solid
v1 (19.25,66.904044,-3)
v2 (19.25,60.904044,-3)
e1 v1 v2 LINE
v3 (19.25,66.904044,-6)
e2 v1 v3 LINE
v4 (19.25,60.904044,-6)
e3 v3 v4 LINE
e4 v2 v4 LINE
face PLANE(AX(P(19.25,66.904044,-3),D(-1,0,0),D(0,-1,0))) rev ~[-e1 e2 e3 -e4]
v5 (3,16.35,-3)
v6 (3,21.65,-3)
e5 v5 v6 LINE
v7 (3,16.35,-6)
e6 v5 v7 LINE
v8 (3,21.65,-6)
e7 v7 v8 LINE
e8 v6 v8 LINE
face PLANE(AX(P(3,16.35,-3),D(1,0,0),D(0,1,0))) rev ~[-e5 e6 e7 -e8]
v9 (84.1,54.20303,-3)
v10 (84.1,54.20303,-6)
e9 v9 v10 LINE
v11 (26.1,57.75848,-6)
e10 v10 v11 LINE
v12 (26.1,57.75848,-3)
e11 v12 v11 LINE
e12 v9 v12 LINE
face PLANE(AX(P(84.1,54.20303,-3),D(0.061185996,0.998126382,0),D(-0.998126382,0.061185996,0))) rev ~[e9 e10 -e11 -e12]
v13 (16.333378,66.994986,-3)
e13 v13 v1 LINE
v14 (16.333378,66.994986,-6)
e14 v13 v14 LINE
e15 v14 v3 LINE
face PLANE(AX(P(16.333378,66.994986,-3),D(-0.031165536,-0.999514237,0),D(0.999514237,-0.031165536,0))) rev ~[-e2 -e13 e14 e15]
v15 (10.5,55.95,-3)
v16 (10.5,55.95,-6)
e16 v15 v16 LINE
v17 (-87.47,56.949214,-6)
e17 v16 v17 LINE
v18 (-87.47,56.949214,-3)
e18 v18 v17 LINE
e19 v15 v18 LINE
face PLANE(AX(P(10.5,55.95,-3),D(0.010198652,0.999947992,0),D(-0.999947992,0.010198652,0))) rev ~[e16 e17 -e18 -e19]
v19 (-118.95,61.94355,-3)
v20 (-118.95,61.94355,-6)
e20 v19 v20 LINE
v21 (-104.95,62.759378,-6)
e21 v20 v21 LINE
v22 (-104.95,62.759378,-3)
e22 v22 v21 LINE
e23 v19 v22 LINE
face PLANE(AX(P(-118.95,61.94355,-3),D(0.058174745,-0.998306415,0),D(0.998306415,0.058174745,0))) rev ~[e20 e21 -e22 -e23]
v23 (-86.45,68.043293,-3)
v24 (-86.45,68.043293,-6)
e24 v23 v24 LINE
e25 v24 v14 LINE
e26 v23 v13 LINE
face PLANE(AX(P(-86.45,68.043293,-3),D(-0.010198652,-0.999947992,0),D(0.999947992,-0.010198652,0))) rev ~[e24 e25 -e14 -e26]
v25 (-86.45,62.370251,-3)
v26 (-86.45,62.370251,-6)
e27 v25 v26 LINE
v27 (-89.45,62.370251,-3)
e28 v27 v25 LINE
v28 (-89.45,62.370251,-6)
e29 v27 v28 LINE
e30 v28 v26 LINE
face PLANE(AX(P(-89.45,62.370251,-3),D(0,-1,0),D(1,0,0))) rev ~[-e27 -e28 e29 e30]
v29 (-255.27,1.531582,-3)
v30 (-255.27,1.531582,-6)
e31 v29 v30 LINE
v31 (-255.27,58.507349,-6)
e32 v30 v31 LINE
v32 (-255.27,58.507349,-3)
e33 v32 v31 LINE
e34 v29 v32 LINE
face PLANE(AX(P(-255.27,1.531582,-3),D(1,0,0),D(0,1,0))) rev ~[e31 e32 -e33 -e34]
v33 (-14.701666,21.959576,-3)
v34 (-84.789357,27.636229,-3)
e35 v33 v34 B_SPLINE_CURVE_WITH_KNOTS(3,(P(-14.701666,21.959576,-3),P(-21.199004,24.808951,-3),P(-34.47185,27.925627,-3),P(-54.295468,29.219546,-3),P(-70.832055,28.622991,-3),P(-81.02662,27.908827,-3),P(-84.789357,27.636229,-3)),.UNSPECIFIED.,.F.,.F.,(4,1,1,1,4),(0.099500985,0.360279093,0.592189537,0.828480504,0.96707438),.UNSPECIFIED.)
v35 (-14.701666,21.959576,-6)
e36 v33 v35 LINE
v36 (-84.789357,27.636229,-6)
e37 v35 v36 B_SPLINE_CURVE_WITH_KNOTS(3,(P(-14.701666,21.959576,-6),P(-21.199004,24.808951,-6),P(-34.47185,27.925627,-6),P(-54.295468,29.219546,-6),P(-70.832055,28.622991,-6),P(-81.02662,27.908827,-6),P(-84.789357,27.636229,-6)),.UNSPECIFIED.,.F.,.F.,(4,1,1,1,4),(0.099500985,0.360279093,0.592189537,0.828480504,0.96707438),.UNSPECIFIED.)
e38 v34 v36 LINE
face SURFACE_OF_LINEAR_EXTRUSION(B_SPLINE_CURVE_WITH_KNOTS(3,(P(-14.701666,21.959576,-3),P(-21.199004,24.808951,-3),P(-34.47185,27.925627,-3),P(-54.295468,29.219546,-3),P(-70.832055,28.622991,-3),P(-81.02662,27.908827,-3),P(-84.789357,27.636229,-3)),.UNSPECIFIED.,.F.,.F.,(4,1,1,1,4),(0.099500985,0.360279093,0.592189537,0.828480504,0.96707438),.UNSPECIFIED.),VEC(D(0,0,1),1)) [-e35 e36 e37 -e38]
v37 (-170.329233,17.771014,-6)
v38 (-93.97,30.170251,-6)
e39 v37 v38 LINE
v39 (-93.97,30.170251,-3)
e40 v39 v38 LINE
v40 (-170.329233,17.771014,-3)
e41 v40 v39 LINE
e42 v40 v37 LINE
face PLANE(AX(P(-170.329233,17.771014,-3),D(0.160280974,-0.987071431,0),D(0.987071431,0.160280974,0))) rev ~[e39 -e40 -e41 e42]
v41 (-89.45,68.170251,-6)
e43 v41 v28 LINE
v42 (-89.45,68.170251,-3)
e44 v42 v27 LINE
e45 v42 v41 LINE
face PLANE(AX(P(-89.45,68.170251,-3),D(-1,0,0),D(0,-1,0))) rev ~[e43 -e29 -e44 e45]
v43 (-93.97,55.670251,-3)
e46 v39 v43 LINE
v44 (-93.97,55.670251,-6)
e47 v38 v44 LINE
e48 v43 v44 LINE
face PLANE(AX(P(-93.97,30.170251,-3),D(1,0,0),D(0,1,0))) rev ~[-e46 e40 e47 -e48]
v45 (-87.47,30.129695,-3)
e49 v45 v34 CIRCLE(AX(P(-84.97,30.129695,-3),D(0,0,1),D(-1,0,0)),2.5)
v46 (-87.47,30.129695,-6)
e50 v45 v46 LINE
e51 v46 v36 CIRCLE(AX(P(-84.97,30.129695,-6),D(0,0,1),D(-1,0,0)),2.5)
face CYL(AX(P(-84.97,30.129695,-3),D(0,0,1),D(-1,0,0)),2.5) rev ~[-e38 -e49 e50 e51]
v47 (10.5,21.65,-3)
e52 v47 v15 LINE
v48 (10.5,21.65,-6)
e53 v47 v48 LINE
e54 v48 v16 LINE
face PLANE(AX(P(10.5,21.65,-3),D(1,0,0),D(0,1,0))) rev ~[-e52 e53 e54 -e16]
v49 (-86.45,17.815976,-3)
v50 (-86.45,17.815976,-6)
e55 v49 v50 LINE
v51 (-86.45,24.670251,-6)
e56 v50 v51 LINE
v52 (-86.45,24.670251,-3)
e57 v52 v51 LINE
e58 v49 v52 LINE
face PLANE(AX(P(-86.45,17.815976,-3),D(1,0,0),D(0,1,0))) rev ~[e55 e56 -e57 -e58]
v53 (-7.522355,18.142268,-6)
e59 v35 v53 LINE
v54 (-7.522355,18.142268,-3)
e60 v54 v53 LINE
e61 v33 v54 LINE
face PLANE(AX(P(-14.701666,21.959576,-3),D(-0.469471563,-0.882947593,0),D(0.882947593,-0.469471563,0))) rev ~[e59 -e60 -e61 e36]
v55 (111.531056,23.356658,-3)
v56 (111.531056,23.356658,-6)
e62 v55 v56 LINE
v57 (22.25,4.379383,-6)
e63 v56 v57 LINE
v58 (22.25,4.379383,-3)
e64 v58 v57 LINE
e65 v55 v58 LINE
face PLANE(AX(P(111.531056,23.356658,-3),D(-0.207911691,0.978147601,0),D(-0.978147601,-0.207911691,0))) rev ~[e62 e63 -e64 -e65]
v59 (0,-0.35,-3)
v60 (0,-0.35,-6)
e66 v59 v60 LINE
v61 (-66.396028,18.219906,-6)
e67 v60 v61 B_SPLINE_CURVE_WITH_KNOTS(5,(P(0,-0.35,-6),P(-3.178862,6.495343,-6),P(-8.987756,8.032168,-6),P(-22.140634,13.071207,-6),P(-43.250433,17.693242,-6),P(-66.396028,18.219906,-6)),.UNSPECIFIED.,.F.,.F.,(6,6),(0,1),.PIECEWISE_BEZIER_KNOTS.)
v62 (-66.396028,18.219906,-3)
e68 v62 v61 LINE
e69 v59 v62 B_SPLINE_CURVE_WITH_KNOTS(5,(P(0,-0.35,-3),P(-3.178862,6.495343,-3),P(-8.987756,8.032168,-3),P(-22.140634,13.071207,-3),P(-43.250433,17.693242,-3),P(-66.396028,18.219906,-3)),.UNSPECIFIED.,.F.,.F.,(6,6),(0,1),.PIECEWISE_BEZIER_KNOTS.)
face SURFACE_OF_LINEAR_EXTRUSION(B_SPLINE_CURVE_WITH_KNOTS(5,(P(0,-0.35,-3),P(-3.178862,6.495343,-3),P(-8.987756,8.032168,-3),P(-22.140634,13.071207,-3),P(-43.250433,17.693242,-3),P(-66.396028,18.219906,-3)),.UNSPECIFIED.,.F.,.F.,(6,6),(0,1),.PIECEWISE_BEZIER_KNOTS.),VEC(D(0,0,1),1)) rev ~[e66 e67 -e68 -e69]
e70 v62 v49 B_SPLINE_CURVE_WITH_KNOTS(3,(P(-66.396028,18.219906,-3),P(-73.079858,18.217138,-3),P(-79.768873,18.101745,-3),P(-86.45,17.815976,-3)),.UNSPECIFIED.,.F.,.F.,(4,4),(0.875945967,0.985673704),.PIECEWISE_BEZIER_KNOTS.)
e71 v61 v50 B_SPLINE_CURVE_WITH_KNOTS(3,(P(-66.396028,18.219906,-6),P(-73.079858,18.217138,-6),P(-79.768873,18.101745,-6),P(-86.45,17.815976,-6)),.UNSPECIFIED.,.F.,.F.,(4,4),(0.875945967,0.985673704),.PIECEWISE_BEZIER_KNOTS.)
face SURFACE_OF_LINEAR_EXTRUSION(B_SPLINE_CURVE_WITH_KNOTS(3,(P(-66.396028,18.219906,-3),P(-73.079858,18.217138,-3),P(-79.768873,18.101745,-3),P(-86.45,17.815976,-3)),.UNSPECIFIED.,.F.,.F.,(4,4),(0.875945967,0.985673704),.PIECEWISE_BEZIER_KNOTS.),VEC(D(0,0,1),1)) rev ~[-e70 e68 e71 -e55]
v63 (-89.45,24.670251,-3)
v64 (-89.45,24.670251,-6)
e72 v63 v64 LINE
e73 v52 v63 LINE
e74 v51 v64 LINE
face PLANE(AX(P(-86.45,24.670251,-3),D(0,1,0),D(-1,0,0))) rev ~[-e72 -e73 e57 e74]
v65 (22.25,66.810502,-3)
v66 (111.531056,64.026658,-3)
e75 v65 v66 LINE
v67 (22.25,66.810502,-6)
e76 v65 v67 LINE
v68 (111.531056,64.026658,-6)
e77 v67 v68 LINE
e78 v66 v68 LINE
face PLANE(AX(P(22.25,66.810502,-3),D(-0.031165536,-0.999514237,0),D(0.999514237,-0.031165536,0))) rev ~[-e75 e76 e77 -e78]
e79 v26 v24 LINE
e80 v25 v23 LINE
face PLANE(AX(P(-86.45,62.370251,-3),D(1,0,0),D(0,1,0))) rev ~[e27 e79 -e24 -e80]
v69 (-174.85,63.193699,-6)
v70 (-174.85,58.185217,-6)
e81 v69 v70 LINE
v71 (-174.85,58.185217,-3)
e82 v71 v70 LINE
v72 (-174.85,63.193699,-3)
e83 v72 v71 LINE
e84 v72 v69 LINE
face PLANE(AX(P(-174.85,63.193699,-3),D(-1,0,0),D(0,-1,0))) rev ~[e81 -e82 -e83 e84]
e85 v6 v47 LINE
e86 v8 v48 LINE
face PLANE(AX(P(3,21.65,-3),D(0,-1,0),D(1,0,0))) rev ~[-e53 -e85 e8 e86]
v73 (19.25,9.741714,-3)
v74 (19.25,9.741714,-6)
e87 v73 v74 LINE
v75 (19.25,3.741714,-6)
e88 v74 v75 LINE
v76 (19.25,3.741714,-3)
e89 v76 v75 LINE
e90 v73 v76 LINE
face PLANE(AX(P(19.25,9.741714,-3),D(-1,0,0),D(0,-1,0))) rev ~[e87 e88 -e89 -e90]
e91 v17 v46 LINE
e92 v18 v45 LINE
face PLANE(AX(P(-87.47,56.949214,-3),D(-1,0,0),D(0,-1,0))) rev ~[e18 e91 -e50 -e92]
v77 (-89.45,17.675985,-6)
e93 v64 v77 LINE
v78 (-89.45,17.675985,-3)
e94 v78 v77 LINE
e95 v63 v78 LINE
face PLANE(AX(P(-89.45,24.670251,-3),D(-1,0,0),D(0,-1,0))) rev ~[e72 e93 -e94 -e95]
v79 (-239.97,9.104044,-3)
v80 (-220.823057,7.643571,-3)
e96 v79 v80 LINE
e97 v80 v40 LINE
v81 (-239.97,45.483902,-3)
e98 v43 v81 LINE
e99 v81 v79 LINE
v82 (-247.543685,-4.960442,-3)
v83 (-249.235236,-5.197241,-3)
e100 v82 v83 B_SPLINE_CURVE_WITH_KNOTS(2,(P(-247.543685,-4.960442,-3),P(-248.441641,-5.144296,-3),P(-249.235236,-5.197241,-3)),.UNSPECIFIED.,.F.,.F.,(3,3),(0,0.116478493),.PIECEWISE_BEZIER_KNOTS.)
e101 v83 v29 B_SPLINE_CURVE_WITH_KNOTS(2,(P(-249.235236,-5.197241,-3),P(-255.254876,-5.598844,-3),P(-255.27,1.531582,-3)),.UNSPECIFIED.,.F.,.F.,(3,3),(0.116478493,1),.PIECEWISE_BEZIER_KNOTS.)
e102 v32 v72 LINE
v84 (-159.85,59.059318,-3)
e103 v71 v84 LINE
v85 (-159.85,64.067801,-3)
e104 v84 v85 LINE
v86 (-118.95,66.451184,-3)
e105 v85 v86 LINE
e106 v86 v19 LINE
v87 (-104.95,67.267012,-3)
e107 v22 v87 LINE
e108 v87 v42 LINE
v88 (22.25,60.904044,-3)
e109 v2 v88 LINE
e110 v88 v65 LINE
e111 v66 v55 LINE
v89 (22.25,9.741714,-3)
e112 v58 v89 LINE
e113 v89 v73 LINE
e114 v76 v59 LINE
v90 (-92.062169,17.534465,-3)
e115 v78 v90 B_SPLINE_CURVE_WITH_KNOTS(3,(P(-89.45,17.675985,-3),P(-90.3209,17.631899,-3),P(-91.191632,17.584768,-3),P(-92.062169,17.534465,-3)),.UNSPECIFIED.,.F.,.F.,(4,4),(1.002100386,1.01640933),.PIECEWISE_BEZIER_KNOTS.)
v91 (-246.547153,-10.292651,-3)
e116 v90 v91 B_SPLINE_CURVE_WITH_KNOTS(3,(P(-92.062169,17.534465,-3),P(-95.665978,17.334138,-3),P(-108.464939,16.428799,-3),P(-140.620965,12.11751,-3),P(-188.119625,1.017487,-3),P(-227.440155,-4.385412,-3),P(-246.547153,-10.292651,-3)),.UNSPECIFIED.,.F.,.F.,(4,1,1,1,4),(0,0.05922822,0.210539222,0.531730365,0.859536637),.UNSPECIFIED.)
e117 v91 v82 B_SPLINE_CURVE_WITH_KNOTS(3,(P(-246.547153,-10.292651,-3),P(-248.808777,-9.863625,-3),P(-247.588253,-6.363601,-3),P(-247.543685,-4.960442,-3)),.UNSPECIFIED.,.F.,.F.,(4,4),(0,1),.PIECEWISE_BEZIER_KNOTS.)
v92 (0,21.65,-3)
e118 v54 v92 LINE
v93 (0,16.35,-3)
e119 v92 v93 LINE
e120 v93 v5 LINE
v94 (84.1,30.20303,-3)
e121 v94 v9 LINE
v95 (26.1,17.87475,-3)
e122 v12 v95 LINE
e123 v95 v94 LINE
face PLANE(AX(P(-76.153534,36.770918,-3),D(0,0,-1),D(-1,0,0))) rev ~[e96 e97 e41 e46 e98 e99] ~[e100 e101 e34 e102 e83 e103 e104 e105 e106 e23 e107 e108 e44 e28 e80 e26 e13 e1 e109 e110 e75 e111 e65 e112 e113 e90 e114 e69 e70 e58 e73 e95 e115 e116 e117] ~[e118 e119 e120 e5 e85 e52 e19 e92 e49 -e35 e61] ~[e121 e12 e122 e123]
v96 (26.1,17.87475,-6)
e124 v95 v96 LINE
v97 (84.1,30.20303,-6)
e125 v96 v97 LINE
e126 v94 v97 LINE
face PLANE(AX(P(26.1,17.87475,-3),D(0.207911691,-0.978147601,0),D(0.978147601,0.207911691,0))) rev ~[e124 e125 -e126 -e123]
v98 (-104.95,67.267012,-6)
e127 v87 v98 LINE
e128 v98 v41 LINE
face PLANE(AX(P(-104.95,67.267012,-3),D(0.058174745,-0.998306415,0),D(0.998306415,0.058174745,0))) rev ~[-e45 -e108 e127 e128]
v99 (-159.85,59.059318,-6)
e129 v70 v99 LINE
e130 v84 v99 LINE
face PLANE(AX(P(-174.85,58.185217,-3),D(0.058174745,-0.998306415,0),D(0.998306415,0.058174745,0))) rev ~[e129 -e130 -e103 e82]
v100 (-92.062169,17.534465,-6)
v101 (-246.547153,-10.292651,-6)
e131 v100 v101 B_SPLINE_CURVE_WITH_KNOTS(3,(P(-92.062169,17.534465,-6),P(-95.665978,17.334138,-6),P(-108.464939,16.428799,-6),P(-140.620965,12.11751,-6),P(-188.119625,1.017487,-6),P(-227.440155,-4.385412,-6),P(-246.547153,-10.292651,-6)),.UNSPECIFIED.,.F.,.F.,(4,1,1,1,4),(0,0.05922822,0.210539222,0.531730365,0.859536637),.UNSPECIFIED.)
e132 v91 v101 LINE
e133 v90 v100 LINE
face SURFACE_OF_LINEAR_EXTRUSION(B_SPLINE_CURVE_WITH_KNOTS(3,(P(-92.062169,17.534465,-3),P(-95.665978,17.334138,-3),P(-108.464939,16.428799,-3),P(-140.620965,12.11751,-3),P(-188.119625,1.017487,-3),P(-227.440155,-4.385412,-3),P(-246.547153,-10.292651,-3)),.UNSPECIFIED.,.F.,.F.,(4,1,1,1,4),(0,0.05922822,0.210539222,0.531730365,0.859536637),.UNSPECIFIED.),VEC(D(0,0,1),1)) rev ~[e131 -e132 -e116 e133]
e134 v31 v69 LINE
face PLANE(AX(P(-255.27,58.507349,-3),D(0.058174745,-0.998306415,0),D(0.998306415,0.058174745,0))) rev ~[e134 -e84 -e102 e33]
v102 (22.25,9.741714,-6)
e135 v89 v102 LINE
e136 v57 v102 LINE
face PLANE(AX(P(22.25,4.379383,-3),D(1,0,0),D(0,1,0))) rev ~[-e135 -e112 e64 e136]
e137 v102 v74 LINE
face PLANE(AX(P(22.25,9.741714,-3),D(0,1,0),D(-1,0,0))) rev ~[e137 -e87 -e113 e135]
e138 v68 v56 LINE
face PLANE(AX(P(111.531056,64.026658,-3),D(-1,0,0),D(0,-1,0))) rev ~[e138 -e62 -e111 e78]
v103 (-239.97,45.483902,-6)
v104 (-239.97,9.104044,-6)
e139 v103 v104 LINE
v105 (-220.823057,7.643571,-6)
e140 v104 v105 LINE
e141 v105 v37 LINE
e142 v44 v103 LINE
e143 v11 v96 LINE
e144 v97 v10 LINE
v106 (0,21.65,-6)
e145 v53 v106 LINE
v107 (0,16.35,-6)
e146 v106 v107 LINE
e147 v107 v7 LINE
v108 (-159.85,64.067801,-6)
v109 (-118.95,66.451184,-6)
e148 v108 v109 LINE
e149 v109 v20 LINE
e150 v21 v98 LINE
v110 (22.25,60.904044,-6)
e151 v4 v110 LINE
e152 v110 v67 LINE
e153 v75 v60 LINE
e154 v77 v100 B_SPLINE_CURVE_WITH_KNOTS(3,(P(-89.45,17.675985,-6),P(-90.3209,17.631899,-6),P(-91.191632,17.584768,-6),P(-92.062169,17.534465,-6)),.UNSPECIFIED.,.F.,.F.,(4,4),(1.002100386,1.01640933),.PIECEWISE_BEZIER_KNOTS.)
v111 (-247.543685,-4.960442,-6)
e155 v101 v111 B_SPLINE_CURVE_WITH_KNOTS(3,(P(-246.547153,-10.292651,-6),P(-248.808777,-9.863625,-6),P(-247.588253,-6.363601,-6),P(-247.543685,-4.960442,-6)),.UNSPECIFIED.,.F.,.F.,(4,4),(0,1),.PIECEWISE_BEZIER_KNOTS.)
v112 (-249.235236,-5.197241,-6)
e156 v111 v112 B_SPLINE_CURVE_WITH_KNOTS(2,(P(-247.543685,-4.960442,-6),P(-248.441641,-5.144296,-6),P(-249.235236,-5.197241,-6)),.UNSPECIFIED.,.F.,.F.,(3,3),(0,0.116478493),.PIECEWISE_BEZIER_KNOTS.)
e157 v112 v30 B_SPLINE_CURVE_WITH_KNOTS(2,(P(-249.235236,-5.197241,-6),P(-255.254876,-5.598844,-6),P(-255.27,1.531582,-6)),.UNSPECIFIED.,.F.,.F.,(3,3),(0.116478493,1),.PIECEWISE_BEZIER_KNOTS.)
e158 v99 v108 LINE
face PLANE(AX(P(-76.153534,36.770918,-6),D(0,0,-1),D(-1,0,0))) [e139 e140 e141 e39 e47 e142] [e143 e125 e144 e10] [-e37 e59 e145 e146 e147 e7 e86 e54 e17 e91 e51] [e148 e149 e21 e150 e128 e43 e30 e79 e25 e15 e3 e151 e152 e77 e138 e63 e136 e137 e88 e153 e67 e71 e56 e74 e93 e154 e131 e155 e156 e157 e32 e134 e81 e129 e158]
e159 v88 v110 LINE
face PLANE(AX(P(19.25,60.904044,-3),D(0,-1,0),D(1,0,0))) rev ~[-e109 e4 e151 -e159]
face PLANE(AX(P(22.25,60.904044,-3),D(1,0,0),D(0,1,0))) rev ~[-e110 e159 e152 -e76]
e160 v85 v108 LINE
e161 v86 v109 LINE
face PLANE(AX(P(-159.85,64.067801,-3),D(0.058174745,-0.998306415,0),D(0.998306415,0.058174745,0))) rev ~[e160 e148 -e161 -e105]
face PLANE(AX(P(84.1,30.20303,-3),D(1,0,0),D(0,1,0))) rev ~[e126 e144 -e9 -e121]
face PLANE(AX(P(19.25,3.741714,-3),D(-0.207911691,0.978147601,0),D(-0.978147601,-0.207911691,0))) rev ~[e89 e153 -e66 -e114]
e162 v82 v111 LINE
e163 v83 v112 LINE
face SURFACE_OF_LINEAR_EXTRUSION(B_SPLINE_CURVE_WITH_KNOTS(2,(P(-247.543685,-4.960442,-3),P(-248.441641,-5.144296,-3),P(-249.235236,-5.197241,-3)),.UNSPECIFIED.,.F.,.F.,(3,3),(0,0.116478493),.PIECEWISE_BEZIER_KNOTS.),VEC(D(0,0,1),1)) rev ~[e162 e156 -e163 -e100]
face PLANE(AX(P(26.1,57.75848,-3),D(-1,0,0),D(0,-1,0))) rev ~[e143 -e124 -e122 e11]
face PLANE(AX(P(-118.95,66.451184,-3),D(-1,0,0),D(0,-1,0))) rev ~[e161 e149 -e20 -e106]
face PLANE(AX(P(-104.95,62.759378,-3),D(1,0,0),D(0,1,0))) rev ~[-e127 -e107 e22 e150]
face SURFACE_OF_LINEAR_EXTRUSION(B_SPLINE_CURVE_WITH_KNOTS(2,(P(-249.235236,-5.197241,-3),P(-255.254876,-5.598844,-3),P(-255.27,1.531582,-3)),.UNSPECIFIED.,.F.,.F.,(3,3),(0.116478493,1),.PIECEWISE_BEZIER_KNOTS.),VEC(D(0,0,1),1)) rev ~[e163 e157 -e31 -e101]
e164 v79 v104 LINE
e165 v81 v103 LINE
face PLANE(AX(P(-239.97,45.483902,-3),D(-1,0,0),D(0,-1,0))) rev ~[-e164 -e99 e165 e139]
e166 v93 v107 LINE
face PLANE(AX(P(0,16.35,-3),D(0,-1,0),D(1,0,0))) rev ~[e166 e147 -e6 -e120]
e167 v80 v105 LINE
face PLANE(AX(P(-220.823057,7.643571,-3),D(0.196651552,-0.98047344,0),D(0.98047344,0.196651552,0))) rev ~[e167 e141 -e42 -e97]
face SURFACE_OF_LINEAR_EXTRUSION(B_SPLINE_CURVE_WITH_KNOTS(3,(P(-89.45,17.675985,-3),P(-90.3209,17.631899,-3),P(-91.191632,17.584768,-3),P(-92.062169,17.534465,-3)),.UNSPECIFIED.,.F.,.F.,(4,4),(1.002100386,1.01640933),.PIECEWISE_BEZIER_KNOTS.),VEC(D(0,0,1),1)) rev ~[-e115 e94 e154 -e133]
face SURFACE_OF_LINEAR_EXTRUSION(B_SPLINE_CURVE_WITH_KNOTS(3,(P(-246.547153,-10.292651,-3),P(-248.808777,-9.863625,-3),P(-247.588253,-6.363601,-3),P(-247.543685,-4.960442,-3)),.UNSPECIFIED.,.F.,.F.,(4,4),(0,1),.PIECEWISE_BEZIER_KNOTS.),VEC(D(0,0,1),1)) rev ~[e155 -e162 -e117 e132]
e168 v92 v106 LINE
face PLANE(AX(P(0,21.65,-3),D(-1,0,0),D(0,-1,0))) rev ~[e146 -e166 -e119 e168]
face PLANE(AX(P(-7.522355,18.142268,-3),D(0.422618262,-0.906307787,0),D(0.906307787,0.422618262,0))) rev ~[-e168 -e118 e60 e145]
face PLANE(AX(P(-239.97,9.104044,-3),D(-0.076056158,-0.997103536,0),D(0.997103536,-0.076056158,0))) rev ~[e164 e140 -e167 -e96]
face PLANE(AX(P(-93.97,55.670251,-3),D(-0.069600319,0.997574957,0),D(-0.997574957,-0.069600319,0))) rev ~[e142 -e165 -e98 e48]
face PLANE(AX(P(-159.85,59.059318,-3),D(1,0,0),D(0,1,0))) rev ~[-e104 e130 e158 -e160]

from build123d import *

# Parameters (mm, degrees)
BOSS_EXTRUDE2_DEPTH = 3


with BuildPart() as part:
    # Sketch6 → Boss-Extrude2 (new body)
    with BuildSketch(Plane(origin=(0, 0, -3), x_dir=(-1, 0, 0), z_dir=(0, 0, -1))):
        with BuildLine():
            Line((-19.25, 3.741713812), (0, -0.35))
            add(Edge.make_bspline(
                [(0, -0.35), (3.178862469, 6.495343287), (8.987756305, 8.032168144), (22.140633739, 13.071207305), (43.250433247, 17.69324185), (66.39602757, 18.219905629)],
                knots=[0, 0, 0, 0, 0, 0, 1, 1, 1, 1, 1, 1], degree=5))
            add(Edge.make_bspline(
                [(66.39602757, 18.219905629), (73.079858249, 18.217137873), (79.768873399, 18.101745103), (86.45, 17.815976098)],
                knots=[0.875945967, 0.875945967, 0.875945967, 0.875945967, 0.985673704, 0.985673704, 0.985673704, 0.985673704], degree=3))
            Line((86.45, 17.815976098), (86.45, 24.670250599))
            Line((86.45, 24.670250599), (89.45, 24.670250599))
            Line((89.45, 24.670250599), (89.45, 17.675984992))
            add(Edge.make_bspline(
                [(89.45, 17.675984992), (90.320899947, 17.631898595), (91.191632468, 17.584767892), (92.062168571, 17.534464817)],
                knots=[1.002100386, 1.002100386, 1.002100386, 1.002100386, 1.01640933, 1.01640933, 1.01640933, 1.01640933], degree=3))
            add(Edge.make_bspline(
                [(92.062168571, 17.534464817), (95.665977641, 17.334138157), (108.464938821, 16.428798519), (140.620964858, 12.117510077), (188.11962528, 1.017487261), (227.440155367, -4.385412225), (246.547152618, -10.292650589)],
                knots=[0, 0, 0, 0, 0.05922822, 0.210539222, 0.531730365, 0.859536637, 0.859536637, 0.859536637, 0.859536637], degree=3))
            add(Edge.make_bspline(
                [(246.547152618, -10.292650589), (248.808777451, -9.863624592), (247.588252624, -6.363600679), (247.543685046, -4.960441529)],
                knots=[0, 0, 0, 0, 1, 1, 1, 1], degree=3))
            add(Edge.make_bspline(
                [(247.543685046, -4.960441529), (248.441640739, -5.14429555), (249.235236144, -5.197240659)],
                knots=[0, 0, 0, 0.116478493, 0.116478493, 0.116478493], degree=2))
            add(Edge.make_bspline(
                [(249.235236144, -5.197240659), (255.254876243, -5.598843915), (255.27, 1.531581744)],
                knots=[0.116478493, 0.116478493, 0.116478493, 1, 1, 1], degree=2))
            Line((255.27, 1.531581744), (255.27, 58.507349411))
            Line((255.27, 58.507349411), (174.85, 63.193699149))
            Line((174.85, 63.193699149), (174.85, 58.185216861))
            Line((174.85, 58.185216861), (159.85, 59.059318403))
            Line((159.85, 59.059318403), (159.85, 64.067800692))
            Line((159.85, 64.067800692), (118.95, 66.451184232))
            Line((118.95, 66.451184232), (118.95, 61.943550172))
            Line((118.95, 61.943550172), (104.95, 62.759378279))
            Line((104.95, 62.759378279), (104.95, 67.267012338))
            Line((104.95, 67.267012338), (89.45, 68.170250599))
            Line((89.45, 68.170250599), (89.45, 62.370250599))
            Line((89.45, 62.370250599), (86.45, 62.370250599))
            Line((86.45, 62.370250599), (86.45, 68.043292799))
            Line((86.45, 68.043292799), (-16.333378442, 66.994986377))
            Line((-16.333378442, 66.994986377), (-19.25, 66.904044127))
            Line((-19.25, 66.904044127), (-19.25, 60.904044127))
            Line((-19.25, 60.904044127), (-22.25, 60.904044127))
            Line((-22.25, 60.904044127), (-22.25, 66.810502081))
            Line((-22.25, 66.810502081), (-111.531056313, 64.026657849))
            Line((-111.531056313, 64.026657849), (-111.531056313, 23.356657849))
            Line((-111.531056313, 23.356657849), (-22.25, 4.379383497))
            Line((-22.25, 4.379383497), (-22.25, 9.741713812))
            Line((-22.25, 9.741713812), (-19.25, 9.741713812))
            Line((-19.25, 9.741713812), (-19.25, 3.741713812))
        make_face()
        Polygon((-84.1, 54.203030213), (-26.1, 57.75847956), (-26.1, 17.874749636), (-84.1, 30.203030213), align=None, mode=Mode.SUBTRACT)
        with BuildLine():
            Line((-10.5, 21.65), (-10.5, 55.95))
            Line((-10.5, 55.95), (87.47, 56.949213898))
            Line((87.47, 56.949213898), (87.47, 30.129694509))
            ThreePointArc((87.47, 30.129694509), (86.67270256, 28.299174366), (84.789356805, 27.636229443))
            add(Edge.make_bspline(
                [(14.701665666, 21.959575817), (21.19900444, 24.808951329), (34.471850374, 27.925627057), (54.295468051, 29.219545771), (70.832055402, 28.62299092), (81.026620283, 27.908827105), (84.789356805, 27.636229443)],
                knots=[0.099500985, 0.099500985, 0.099500985, 0.099500985, 0.360279093, 0.592189537, 0.828480504, 0.96707438, 0.96707438, 0.96707438, 0.96707438], degree=3))
            Line((14.701665666, 21.959575817), (7.522354632, 18.142268428))
            Line((7.522354632, 18.142268428), (0, 21.65))
            Line((0, 21.65), (0, 16.35))
            Line((0, 16.35), (-3, 16.35))
            Line((-3, 16.35), (-3, 21.65))
            Line((-3, 21.65), (-10.5, 21.65))
        make_face(mode=Mode.SUBTRACT)
        Polygon((93.97, 30.170250599), (93.97, 55.670250599), (239.97, 45.483901662), (239.97, 9.104044127), (220.823057098, 7.643571), (170.32923345, 17.7710139), align=None, mode=Mode.SUBTRACT)
    extrude(amount=BOSS_EXTRUDE2_DEPTH)


solid = part.part
